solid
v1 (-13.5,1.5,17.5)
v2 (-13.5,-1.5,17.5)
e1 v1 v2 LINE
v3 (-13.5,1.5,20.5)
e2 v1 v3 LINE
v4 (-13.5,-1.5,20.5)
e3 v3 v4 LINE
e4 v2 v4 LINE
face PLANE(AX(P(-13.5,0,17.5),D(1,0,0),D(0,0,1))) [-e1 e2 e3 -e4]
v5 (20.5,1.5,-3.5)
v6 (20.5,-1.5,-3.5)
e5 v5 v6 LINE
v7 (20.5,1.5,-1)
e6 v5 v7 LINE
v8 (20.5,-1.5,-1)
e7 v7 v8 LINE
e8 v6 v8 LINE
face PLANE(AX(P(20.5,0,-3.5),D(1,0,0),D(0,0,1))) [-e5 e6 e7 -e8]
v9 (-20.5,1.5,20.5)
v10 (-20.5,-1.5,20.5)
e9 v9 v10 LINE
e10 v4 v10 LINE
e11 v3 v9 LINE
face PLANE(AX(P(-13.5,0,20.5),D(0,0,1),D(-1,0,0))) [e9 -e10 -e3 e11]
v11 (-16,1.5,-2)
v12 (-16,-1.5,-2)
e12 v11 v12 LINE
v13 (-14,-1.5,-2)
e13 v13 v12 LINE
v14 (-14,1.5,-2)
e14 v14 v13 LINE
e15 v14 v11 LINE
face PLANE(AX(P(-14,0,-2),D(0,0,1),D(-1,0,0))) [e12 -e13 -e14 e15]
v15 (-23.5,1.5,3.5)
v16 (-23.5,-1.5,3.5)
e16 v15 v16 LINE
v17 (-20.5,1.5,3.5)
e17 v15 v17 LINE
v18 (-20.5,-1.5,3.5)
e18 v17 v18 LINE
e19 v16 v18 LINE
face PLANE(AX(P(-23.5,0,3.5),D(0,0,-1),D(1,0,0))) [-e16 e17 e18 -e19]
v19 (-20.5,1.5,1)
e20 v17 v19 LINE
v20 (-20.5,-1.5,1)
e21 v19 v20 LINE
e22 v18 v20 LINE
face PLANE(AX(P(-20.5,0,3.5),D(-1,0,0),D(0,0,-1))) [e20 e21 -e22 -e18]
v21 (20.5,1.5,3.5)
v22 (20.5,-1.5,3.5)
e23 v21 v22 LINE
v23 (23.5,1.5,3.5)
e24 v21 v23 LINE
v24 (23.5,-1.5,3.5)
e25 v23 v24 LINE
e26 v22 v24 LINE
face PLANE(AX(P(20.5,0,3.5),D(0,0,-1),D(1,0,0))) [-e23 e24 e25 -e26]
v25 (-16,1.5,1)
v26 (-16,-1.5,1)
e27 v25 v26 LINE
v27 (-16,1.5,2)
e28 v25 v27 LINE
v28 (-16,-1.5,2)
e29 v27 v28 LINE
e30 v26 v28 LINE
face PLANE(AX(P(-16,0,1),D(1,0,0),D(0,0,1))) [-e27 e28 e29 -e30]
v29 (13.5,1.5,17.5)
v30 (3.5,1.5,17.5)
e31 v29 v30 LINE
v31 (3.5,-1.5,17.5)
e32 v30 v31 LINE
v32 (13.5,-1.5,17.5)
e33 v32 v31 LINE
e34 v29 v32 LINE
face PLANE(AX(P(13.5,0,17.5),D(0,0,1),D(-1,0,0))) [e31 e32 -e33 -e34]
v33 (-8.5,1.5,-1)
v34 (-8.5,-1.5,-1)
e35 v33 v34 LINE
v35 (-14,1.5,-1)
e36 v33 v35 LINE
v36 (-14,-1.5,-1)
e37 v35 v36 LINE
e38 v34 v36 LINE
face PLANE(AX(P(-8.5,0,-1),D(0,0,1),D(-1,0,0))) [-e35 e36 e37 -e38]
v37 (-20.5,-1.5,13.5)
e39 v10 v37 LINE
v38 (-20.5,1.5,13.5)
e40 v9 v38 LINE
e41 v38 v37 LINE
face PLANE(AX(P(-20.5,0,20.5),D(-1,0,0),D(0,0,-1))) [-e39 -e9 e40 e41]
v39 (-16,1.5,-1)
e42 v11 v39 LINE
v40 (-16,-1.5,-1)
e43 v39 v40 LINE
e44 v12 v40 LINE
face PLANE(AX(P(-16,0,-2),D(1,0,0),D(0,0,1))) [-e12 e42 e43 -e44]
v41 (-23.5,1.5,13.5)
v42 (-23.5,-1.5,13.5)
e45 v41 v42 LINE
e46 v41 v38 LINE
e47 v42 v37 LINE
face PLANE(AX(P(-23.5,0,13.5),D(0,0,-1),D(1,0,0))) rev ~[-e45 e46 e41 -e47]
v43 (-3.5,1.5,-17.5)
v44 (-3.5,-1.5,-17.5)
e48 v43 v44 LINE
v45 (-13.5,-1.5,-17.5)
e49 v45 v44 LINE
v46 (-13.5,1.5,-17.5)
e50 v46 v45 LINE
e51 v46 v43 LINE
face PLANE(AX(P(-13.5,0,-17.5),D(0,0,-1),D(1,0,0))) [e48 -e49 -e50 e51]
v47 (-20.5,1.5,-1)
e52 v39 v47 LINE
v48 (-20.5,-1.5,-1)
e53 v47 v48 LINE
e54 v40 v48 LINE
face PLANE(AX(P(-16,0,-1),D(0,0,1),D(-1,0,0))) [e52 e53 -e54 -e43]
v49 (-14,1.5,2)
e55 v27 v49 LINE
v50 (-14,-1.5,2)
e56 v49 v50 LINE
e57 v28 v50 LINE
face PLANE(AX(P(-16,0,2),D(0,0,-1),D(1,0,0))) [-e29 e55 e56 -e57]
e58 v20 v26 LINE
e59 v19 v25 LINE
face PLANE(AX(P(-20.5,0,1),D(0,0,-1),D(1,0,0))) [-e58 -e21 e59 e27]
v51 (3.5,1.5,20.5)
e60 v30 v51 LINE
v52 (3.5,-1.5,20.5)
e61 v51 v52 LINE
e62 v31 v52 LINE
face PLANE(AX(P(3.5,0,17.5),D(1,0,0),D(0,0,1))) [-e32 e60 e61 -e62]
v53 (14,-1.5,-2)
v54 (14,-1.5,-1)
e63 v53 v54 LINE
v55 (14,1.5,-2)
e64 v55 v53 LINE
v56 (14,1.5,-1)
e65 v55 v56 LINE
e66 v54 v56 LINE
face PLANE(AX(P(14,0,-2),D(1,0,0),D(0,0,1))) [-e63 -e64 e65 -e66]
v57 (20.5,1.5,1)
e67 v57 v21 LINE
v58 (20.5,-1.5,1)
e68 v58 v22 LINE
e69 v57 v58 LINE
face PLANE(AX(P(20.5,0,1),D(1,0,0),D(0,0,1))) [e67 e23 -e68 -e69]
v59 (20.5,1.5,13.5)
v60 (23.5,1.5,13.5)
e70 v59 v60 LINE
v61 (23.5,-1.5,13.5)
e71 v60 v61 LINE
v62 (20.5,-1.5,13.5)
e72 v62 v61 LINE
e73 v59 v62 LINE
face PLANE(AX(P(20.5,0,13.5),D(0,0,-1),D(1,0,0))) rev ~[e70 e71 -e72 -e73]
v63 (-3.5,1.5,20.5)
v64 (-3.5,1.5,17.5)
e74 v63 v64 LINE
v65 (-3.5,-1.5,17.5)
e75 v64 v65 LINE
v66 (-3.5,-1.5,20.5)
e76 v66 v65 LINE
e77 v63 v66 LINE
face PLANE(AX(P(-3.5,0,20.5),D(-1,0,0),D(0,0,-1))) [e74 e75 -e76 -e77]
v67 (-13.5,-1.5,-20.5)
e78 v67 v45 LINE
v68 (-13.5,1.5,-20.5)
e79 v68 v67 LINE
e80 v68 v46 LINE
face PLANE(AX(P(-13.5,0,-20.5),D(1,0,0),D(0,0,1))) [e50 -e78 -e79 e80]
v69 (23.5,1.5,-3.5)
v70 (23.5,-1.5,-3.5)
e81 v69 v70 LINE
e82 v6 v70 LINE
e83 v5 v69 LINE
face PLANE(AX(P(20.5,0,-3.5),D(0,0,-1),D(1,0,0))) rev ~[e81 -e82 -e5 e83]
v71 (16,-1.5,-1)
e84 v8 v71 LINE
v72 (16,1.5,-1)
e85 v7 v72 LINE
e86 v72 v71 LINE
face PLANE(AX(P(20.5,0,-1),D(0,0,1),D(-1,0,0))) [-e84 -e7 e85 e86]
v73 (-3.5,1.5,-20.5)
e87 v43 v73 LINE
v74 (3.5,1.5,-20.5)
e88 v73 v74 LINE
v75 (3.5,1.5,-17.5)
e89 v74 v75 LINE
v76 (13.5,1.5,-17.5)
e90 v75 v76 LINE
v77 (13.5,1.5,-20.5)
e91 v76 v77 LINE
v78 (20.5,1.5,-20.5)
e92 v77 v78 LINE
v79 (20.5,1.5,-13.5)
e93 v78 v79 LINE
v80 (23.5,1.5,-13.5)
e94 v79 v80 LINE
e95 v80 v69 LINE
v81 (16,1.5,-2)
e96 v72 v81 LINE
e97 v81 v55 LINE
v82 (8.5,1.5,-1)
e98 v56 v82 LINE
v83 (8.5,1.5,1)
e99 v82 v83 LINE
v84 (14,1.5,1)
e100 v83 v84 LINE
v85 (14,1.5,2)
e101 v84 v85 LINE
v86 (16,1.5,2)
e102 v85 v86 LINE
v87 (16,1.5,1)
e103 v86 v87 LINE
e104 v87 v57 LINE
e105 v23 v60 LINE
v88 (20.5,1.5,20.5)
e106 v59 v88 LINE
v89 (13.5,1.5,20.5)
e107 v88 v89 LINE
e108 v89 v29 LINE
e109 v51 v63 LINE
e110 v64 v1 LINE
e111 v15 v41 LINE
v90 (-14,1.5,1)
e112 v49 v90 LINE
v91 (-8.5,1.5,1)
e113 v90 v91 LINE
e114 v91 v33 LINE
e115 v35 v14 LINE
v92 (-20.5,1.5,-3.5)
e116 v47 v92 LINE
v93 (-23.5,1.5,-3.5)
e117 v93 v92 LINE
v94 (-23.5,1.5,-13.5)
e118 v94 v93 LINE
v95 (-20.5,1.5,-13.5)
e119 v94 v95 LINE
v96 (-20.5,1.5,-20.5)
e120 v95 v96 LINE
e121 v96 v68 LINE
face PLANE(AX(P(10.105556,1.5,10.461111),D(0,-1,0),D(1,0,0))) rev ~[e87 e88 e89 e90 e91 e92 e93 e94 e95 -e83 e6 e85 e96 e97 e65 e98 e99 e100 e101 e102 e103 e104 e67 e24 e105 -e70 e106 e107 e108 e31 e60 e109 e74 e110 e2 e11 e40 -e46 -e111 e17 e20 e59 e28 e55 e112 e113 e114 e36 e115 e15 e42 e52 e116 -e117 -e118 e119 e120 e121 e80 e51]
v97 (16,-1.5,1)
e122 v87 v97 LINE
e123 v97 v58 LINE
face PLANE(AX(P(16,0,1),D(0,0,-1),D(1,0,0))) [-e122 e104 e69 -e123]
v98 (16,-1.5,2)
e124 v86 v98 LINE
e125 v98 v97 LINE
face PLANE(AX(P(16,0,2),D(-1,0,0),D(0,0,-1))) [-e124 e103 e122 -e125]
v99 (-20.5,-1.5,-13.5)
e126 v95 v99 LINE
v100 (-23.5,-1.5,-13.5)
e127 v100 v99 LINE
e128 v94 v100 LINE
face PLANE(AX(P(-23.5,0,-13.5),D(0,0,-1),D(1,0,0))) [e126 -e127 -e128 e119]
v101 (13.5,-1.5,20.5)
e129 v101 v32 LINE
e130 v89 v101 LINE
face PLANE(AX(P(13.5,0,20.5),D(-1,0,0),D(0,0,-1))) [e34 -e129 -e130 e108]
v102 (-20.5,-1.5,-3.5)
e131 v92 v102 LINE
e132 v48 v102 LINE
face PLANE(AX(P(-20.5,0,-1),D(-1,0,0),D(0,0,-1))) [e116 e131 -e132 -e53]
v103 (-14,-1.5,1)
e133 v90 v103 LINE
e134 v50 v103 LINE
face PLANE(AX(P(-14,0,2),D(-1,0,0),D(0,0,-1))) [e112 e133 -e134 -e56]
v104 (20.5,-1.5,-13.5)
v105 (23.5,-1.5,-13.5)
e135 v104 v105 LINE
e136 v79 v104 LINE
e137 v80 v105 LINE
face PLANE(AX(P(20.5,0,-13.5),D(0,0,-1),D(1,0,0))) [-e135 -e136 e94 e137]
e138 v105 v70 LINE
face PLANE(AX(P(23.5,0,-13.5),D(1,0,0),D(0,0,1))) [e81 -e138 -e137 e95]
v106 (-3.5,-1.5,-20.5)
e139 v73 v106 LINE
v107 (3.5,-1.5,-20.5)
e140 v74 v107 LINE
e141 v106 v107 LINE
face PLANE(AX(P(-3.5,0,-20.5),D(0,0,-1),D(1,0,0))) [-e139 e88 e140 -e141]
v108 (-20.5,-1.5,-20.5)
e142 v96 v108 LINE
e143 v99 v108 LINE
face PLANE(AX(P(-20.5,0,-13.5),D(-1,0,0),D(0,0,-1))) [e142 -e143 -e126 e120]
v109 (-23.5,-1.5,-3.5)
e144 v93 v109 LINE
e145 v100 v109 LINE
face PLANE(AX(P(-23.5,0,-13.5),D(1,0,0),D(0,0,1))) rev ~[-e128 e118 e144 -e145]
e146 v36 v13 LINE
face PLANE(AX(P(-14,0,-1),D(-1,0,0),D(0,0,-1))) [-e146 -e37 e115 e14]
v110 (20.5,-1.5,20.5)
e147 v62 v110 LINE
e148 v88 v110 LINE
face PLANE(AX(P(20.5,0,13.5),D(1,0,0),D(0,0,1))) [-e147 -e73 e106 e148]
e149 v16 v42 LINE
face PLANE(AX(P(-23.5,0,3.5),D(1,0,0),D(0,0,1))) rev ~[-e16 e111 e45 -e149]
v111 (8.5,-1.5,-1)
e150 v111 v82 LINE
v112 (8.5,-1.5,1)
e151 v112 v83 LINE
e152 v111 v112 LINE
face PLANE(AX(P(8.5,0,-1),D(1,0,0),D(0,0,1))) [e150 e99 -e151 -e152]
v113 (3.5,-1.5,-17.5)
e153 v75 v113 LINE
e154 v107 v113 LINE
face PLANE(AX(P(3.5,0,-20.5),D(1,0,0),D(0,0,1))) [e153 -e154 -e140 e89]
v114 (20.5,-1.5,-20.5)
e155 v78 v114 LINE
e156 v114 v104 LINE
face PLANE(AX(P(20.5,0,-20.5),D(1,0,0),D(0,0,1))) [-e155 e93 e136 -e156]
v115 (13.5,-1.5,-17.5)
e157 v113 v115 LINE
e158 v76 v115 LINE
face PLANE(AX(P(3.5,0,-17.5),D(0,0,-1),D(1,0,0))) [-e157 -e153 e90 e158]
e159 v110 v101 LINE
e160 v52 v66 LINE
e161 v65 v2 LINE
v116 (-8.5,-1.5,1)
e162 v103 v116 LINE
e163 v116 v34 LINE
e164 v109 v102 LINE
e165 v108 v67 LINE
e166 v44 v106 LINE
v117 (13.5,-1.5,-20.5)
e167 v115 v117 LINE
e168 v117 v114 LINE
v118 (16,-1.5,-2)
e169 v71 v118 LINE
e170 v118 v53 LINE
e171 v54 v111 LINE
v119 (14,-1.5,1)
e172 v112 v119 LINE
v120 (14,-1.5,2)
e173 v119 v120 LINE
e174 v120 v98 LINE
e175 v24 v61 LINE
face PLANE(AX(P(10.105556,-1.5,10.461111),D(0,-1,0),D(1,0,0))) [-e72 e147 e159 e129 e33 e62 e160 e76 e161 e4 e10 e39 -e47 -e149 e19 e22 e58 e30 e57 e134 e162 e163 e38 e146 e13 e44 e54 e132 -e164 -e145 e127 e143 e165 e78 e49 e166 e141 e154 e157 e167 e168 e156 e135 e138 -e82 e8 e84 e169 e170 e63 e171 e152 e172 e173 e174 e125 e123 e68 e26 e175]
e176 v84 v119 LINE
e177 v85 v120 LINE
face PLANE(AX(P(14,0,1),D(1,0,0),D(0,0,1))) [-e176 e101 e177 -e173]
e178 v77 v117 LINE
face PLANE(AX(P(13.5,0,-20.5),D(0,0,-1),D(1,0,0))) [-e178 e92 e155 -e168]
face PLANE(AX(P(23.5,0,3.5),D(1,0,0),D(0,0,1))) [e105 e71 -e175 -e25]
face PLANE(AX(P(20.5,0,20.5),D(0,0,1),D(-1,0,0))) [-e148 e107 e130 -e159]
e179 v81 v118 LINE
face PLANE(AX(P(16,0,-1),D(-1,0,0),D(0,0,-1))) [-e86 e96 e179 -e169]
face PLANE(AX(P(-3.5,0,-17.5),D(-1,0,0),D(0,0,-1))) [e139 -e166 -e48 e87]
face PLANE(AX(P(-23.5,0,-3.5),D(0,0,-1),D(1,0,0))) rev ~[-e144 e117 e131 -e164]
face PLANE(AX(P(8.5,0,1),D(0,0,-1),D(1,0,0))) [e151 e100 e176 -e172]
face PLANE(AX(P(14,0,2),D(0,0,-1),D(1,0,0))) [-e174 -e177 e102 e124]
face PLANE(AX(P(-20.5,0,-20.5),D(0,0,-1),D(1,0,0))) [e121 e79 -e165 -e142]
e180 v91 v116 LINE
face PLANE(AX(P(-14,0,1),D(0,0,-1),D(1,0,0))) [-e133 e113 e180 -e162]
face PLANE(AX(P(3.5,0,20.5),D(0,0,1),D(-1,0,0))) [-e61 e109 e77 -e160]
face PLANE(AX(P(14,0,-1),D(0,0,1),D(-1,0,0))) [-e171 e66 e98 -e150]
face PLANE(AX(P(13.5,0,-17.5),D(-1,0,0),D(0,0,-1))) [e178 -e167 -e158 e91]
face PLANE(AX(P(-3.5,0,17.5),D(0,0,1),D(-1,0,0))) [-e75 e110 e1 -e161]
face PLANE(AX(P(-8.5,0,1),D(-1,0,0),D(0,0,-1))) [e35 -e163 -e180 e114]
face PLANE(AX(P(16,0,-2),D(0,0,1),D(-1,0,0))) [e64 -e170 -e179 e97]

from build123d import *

# Parameters (mm, degrees)
F0_W     = 3
F0_H     = 10
F1_DEPTH = 1.5


with BuildPart() as f1:
    # F0 (on Front) → F1 (new body, symmetric)
    with BuildSketch(Plane.XZ):
        Polygon((0, 17.5), (0, 0), (8.5, 0), (8.5, 1), (14, 1), (14, 2), (16, 2), (16, 1), (20.5, 1), (20.5, 3.5), (20.5, 13.5), (20.5, 17.5), (20.5, 20.5), (13.5, 20.5), (13.5, 17.5), (3.5, 17.5), (3.5, 20.5), (0, 20.5), align=None)
        Polygon((-8.5, 0), (0, 0), (0, 17.5), (0, 20.5), (-3.5, 20.5), (-3.5, 17.5), (-13.5, 17.5), (-13.5, 20.5), (-20.5, 20.5), (-20.5, 17.5), (-20.5, 13.5), (-20.5, 3.5), (-20.5, 1), (-16, 1), (-16, 2), (-14, 2), (-14, 1), (-8.5, 1), align=None)
        Polygon((8.5, 0), (0, 0), (0, -17.5), (0, -20.5), (3.5, -20.5), (3.5, -17.5), (13.5, -17.5), (13.5, -20.5), (20.5, -20.5), (20.5, -17.5), (20.5, -13.5), (20.5, -3.5), (20.5, -1), (16, -1), (16, -2), (14, -2), (14, -1), (8.5, -1), align=None)
        Polygon((0, -17.5), (0, 0), (-8.5, 0), (-8.5, -1), (-14, -1), (-14, -2), (-16, -2), (-16, -1), (-20.5, -1), (-20.5, -3.5), (-20.5, -13.5), (-20.5, -17.5), (-20.5, -20.5), (-13.5, -20.5), (-13.5, -17.5), (-3.5, -17.5), (-3.5, -20.5), (0, -20.5), align=None)
        with Locations((22, 8.5)):
            Rectangle(F0_W, F0_H)
        with Locations((22, -8.5)):
            Rectangle(F0_W, F0_H)
        with Locations((-22, -8.5)):
            Rectangle(F0_W, F0_H)
        with Locations((-22, 8.5)):
            Rectangle(F0_W, F0_H)
    extrude(amount=F1_DEPTH, both=True)


solid = f1.part
